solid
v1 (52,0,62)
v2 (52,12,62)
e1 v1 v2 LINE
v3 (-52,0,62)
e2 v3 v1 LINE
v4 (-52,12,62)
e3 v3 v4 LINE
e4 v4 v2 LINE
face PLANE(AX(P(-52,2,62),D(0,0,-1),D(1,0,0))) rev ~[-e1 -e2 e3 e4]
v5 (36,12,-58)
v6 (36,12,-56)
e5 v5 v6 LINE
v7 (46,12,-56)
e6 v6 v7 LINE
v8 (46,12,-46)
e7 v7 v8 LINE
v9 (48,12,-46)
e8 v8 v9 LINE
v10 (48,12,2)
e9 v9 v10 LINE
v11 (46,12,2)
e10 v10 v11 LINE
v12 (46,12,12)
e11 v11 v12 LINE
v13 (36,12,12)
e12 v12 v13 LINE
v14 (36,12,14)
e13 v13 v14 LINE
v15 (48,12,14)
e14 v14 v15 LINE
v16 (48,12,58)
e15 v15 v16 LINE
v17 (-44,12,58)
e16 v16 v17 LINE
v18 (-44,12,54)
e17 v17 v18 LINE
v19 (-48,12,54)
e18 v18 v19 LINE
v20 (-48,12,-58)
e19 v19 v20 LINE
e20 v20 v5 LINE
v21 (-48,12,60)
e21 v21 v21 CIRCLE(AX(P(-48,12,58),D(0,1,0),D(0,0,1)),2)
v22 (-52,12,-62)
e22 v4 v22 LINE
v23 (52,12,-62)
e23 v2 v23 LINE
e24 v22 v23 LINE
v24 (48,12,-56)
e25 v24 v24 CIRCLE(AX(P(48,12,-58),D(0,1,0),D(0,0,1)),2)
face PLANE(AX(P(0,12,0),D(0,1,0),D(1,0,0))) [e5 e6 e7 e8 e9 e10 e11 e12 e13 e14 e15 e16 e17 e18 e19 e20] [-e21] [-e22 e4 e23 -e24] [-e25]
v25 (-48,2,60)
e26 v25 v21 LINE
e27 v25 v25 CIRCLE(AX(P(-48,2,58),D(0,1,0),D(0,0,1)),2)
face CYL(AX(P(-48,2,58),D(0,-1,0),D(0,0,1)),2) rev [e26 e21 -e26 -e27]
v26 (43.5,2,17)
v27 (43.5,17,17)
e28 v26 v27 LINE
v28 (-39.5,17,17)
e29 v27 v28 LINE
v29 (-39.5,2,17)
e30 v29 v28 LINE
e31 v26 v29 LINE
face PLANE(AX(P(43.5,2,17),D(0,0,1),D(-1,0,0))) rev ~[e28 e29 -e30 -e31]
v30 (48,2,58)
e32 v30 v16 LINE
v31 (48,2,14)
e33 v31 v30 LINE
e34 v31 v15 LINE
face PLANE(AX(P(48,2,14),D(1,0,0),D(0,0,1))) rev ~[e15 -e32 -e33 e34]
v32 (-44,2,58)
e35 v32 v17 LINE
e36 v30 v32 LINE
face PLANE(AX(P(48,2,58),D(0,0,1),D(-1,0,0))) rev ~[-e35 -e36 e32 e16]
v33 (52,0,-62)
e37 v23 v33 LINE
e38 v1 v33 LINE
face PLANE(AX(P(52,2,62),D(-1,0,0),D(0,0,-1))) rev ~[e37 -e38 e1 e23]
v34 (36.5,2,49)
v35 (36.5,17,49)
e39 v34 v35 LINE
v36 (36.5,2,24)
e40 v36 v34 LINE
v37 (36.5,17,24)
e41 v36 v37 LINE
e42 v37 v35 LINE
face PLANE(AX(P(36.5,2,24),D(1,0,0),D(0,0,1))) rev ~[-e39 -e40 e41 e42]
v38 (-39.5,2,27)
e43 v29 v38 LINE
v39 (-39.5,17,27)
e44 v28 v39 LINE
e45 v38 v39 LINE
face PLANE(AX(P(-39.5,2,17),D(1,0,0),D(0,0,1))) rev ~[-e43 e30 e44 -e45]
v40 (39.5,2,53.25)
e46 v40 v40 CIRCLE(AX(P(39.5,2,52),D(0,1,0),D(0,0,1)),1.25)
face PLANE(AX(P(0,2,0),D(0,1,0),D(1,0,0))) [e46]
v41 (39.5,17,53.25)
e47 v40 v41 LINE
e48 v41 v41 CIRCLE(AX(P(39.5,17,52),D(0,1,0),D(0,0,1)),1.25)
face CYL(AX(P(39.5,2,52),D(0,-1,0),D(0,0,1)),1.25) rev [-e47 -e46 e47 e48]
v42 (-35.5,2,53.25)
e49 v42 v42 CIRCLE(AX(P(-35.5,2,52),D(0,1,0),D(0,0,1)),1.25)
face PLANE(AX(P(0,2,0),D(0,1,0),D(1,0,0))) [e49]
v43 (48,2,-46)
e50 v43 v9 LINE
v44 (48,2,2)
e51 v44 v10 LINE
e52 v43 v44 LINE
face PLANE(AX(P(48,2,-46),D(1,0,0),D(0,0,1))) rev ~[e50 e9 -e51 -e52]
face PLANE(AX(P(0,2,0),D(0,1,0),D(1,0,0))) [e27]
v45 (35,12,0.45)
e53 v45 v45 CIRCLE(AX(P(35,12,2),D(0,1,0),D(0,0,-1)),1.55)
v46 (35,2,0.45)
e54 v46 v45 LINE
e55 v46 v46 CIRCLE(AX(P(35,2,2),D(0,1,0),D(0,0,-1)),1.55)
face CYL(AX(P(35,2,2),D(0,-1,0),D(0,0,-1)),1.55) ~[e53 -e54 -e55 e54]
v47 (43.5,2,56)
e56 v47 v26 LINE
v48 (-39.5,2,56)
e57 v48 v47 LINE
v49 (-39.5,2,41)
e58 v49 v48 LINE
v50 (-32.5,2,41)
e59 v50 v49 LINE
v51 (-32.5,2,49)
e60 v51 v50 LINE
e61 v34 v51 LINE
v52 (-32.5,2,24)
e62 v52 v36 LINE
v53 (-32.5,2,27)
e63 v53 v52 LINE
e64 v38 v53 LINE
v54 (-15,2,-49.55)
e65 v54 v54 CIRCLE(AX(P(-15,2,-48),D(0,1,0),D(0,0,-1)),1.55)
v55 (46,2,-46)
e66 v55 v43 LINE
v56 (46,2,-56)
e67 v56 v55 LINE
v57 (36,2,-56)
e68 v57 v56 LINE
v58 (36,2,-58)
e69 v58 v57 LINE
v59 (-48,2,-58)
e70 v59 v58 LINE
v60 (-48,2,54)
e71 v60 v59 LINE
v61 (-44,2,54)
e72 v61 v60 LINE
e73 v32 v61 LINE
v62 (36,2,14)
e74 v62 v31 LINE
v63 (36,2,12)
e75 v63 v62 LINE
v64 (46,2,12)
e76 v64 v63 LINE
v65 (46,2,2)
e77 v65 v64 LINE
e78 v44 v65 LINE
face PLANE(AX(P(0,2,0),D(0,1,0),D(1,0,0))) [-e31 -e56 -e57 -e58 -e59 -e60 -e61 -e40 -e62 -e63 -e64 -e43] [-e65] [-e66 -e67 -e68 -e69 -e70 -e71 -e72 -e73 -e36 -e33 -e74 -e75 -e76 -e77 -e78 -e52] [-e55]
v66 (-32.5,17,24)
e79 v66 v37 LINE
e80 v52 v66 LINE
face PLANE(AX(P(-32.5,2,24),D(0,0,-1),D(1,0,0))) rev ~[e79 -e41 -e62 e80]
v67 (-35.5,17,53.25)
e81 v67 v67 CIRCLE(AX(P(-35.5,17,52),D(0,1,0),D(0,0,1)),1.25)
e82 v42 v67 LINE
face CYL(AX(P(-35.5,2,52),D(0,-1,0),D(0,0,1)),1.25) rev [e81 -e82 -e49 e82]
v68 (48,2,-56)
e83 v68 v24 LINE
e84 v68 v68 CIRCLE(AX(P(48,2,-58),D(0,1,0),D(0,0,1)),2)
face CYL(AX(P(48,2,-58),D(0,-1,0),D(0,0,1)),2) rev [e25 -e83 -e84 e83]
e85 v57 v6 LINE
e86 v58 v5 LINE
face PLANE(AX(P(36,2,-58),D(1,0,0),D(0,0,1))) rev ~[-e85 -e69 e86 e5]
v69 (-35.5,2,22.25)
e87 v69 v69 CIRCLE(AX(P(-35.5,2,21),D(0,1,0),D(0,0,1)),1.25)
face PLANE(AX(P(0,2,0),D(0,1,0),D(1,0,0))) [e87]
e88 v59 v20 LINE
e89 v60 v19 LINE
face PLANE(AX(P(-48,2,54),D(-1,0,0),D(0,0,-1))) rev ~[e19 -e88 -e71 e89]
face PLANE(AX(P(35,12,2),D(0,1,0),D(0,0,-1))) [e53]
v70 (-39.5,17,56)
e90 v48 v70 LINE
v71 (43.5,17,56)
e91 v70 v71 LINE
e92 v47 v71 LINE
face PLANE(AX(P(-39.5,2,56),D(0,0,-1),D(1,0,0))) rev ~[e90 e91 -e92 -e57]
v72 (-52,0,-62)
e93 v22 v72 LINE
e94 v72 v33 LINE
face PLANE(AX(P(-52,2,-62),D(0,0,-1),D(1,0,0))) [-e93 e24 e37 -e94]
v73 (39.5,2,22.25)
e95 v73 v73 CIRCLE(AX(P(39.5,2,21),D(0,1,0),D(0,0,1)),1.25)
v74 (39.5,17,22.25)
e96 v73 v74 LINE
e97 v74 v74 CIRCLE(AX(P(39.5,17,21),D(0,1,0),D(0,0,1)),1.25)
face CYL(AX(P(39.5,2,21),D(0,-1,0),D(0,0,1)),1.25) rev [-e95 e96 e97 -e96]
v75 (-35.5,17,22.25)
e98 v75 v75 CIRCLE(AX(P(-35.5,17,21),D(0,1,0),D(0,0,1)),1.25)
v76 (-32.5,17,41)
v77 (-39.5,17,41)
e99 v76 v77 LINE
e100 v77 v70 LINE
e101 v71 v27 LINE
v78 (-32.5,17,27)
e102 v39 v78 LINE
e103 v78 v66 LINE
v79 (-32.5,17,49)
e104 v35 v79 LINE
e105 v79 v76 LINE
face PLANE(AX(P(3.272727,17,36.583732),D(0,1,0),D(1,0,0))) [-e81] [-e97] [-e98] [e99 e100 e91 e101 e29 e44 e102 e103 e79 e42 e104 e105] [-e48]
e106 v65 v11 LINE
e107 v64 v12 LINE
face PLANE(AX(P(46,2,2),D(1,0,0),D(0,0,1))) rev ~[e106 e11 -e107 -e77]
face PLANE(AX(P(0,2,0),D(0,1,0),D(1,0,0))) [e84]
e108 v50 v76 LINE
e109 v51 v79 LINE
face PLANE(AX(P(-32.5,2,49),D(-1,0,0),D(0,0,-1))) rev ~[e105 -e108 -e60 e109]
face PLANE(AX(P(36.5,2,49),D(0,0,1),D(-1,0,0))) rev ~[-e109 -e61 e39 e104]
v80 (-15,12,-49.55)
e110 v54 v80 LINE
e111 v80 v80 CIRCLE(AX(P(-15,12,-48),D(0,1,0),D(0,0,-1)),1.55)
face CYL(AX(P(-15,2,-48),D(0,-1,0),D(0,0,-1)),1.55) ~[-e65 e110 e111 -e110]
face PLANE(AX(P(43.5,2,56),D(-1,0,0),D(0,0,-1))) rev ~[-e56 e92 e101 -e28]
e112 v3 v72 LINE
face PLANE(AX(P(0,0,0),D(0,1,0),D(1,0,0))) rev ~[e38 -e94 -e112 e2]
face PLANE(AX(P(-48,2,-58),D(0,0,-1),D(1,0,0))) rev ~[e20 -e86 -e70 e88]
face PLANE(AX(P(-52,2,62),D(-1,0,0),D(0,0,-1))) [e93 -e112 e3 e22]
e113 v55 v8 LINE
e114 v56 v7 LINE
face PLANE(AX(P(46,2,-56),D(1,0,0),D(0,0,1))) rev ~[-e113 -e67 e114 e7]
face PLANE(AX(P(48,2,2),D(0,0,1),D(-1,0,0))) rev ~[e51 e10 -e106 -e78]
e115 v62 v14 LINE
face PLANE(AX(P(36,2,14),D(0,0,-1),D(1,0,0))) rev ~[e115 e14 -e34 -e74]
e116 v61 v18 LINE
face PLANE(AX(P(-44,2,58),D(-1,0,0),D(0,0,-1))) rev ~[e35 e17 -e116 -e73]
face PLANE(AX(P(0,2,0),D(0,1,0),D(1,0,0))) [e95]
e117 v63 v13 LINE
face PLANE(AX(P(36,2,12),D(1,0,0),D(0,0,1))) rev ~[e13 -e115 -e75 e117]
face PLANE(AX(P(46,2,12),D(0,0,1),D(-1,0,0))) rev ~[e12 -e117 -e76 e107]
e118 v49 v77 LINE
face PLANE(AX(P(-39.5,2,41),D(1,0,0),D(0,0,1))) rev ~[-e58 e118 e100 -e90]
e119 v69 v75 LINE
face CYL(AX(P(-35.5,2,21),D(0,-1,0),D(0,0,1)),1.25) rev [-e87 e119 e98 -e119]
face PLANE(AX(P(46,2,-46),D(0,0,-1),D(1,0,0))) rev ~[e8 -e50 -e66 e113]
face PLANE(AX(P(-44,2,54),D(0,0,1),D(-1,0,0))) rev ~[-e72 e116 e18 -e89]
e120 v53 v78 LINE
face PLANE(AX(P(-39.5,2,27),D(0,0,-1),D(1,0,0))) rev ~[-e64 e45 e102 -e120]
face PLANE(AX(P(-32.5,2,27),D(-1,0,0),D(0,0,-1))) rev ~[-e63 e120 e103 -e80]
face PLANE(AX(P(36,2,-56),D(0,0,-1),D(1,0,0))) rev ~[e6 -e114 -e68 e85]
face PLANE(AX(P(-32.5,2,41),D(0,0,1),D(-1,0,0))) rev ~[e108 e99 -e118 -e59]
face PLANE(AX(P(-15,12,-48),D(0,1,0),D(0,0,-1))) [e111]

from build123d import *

# Parameters (mm, degrees)
SKETCH1_W           = 104
SKETCH1_H           = 124
BOSS_EXTRUDE1_DEPTH = 2
SKETCH2_W           = 104
SKETCH2_H           = 124
SKETCH2_R           = 2
SKETCH2_R_2         = 1.55
BOSS_EXTRUDE2_DEPTH = 10
SKETCH3_R           = 1.25
BOSS_EXTRUDE3_DEPTH = 15


with BuildPart() as part:
    # Sketch1 → Boss-Extrude1 (new body)
    with BuildSketch(Plane(origin=(0, 0, 0), x_dir=(1, 0, 0), z_dir=(0, 1, 0))):
        Rectangle(SKETCH1_W, SKETCH1_H)
    extrude(amount=BOSS_EXTRUDE1_DEPTH)

    # Sketch2 → Boss-Extrude2 (add)
    # profile 1 of 3: a face of its own
    with BuildSketch(Plane(origin=(0, 2, 0), x_dir=(1, 0, 0), z_dir=(0, 1, 0))):
        Rectangle(SKETCH2_W, SKETCH2_H)
        Polygon((36, -14), (48, -14), (48, -58), (-44, -58), (-44, -54), (-48, -54), (-48, 58), (36, 58), (36, 56), (46, 56), (46, 46), (48, 46), (48, -2), (46, -2), (46, -12), (36, -12), align=None, mode=Mode.SUBTRACT)
        with Locations(Location((48, 58, 0), (0, 0, 270))):
            Circle(SKETCH2_R, mode=Mode.SUBTRACT)
        with Locations(Location((-48, -58, 0), (0, 0, 270))):
            Circle(SKETCH2_R, mode=Mode.SUBTRACT)
    # profile 2 of 3: a face of its own
    with BuildSketch(Plane(origin=(0, 2, 0), x_dir=(1, 0, 0), z_dir=(0, 1, 0))):
        with Locations(Location((-15, 48, 0), (0, 0, 90))):
            Circle(SKETCH2_R_2)
    # profile 3 of 3: a face of its own
    with BuildSketch(Plane(origin=(0, 2, 0), x_dir=(1, 0, 0), z_dir=(0, 1, 0))):
        with Locations(Location((35, -2, 0), (0, 0, 90))):
            Circle(SKETCH2_R_2)
    extrude(amount=BOSS_EXTRUDE2_DEPTH)

    # Sketch3 → Boss-Extrude3 (add)
    with BuildSketch(Plane(origin=(0, 2, 0), x_dir=(1, 0, 0), z_dir=(0, 1, 0))):
        Polygon((36.5, -49), (-32.5, -49), (-32.5, -41), (-39.5, -41), (-39.5, -56), (43.5, -56), (43.5, -17), (-39.5, -17), (-39.5, -27), (-32.5, -27), (-32.5, -24), (36.5, -24), align=None)
        with Locations(Location((-35.5, -52, 0), (0, 0, 270))):
            Circle(SKETCH3_R, mode=Mode.SUBTRACT)
        with Locations(Location((39.5, -52, 0), (0, 0, 270))):
            Circle(SKETCH3_R, mode=Mode.SUBTRACT)
        with Locations(Location((-35.5, -21, 0), (0, 0, 270))):
            Circle(SKETCH3_R, mode=Mode.SUBTRACT)
        with Locations(Location((39.5, -21, 0), (0, 0, 270))):
            Circle(SKETCH3_R, mode=Mode.SUBTRACT)
    extrude(amount=BOSS_EXTRUDE3_DEPTH)


solid = part.part
